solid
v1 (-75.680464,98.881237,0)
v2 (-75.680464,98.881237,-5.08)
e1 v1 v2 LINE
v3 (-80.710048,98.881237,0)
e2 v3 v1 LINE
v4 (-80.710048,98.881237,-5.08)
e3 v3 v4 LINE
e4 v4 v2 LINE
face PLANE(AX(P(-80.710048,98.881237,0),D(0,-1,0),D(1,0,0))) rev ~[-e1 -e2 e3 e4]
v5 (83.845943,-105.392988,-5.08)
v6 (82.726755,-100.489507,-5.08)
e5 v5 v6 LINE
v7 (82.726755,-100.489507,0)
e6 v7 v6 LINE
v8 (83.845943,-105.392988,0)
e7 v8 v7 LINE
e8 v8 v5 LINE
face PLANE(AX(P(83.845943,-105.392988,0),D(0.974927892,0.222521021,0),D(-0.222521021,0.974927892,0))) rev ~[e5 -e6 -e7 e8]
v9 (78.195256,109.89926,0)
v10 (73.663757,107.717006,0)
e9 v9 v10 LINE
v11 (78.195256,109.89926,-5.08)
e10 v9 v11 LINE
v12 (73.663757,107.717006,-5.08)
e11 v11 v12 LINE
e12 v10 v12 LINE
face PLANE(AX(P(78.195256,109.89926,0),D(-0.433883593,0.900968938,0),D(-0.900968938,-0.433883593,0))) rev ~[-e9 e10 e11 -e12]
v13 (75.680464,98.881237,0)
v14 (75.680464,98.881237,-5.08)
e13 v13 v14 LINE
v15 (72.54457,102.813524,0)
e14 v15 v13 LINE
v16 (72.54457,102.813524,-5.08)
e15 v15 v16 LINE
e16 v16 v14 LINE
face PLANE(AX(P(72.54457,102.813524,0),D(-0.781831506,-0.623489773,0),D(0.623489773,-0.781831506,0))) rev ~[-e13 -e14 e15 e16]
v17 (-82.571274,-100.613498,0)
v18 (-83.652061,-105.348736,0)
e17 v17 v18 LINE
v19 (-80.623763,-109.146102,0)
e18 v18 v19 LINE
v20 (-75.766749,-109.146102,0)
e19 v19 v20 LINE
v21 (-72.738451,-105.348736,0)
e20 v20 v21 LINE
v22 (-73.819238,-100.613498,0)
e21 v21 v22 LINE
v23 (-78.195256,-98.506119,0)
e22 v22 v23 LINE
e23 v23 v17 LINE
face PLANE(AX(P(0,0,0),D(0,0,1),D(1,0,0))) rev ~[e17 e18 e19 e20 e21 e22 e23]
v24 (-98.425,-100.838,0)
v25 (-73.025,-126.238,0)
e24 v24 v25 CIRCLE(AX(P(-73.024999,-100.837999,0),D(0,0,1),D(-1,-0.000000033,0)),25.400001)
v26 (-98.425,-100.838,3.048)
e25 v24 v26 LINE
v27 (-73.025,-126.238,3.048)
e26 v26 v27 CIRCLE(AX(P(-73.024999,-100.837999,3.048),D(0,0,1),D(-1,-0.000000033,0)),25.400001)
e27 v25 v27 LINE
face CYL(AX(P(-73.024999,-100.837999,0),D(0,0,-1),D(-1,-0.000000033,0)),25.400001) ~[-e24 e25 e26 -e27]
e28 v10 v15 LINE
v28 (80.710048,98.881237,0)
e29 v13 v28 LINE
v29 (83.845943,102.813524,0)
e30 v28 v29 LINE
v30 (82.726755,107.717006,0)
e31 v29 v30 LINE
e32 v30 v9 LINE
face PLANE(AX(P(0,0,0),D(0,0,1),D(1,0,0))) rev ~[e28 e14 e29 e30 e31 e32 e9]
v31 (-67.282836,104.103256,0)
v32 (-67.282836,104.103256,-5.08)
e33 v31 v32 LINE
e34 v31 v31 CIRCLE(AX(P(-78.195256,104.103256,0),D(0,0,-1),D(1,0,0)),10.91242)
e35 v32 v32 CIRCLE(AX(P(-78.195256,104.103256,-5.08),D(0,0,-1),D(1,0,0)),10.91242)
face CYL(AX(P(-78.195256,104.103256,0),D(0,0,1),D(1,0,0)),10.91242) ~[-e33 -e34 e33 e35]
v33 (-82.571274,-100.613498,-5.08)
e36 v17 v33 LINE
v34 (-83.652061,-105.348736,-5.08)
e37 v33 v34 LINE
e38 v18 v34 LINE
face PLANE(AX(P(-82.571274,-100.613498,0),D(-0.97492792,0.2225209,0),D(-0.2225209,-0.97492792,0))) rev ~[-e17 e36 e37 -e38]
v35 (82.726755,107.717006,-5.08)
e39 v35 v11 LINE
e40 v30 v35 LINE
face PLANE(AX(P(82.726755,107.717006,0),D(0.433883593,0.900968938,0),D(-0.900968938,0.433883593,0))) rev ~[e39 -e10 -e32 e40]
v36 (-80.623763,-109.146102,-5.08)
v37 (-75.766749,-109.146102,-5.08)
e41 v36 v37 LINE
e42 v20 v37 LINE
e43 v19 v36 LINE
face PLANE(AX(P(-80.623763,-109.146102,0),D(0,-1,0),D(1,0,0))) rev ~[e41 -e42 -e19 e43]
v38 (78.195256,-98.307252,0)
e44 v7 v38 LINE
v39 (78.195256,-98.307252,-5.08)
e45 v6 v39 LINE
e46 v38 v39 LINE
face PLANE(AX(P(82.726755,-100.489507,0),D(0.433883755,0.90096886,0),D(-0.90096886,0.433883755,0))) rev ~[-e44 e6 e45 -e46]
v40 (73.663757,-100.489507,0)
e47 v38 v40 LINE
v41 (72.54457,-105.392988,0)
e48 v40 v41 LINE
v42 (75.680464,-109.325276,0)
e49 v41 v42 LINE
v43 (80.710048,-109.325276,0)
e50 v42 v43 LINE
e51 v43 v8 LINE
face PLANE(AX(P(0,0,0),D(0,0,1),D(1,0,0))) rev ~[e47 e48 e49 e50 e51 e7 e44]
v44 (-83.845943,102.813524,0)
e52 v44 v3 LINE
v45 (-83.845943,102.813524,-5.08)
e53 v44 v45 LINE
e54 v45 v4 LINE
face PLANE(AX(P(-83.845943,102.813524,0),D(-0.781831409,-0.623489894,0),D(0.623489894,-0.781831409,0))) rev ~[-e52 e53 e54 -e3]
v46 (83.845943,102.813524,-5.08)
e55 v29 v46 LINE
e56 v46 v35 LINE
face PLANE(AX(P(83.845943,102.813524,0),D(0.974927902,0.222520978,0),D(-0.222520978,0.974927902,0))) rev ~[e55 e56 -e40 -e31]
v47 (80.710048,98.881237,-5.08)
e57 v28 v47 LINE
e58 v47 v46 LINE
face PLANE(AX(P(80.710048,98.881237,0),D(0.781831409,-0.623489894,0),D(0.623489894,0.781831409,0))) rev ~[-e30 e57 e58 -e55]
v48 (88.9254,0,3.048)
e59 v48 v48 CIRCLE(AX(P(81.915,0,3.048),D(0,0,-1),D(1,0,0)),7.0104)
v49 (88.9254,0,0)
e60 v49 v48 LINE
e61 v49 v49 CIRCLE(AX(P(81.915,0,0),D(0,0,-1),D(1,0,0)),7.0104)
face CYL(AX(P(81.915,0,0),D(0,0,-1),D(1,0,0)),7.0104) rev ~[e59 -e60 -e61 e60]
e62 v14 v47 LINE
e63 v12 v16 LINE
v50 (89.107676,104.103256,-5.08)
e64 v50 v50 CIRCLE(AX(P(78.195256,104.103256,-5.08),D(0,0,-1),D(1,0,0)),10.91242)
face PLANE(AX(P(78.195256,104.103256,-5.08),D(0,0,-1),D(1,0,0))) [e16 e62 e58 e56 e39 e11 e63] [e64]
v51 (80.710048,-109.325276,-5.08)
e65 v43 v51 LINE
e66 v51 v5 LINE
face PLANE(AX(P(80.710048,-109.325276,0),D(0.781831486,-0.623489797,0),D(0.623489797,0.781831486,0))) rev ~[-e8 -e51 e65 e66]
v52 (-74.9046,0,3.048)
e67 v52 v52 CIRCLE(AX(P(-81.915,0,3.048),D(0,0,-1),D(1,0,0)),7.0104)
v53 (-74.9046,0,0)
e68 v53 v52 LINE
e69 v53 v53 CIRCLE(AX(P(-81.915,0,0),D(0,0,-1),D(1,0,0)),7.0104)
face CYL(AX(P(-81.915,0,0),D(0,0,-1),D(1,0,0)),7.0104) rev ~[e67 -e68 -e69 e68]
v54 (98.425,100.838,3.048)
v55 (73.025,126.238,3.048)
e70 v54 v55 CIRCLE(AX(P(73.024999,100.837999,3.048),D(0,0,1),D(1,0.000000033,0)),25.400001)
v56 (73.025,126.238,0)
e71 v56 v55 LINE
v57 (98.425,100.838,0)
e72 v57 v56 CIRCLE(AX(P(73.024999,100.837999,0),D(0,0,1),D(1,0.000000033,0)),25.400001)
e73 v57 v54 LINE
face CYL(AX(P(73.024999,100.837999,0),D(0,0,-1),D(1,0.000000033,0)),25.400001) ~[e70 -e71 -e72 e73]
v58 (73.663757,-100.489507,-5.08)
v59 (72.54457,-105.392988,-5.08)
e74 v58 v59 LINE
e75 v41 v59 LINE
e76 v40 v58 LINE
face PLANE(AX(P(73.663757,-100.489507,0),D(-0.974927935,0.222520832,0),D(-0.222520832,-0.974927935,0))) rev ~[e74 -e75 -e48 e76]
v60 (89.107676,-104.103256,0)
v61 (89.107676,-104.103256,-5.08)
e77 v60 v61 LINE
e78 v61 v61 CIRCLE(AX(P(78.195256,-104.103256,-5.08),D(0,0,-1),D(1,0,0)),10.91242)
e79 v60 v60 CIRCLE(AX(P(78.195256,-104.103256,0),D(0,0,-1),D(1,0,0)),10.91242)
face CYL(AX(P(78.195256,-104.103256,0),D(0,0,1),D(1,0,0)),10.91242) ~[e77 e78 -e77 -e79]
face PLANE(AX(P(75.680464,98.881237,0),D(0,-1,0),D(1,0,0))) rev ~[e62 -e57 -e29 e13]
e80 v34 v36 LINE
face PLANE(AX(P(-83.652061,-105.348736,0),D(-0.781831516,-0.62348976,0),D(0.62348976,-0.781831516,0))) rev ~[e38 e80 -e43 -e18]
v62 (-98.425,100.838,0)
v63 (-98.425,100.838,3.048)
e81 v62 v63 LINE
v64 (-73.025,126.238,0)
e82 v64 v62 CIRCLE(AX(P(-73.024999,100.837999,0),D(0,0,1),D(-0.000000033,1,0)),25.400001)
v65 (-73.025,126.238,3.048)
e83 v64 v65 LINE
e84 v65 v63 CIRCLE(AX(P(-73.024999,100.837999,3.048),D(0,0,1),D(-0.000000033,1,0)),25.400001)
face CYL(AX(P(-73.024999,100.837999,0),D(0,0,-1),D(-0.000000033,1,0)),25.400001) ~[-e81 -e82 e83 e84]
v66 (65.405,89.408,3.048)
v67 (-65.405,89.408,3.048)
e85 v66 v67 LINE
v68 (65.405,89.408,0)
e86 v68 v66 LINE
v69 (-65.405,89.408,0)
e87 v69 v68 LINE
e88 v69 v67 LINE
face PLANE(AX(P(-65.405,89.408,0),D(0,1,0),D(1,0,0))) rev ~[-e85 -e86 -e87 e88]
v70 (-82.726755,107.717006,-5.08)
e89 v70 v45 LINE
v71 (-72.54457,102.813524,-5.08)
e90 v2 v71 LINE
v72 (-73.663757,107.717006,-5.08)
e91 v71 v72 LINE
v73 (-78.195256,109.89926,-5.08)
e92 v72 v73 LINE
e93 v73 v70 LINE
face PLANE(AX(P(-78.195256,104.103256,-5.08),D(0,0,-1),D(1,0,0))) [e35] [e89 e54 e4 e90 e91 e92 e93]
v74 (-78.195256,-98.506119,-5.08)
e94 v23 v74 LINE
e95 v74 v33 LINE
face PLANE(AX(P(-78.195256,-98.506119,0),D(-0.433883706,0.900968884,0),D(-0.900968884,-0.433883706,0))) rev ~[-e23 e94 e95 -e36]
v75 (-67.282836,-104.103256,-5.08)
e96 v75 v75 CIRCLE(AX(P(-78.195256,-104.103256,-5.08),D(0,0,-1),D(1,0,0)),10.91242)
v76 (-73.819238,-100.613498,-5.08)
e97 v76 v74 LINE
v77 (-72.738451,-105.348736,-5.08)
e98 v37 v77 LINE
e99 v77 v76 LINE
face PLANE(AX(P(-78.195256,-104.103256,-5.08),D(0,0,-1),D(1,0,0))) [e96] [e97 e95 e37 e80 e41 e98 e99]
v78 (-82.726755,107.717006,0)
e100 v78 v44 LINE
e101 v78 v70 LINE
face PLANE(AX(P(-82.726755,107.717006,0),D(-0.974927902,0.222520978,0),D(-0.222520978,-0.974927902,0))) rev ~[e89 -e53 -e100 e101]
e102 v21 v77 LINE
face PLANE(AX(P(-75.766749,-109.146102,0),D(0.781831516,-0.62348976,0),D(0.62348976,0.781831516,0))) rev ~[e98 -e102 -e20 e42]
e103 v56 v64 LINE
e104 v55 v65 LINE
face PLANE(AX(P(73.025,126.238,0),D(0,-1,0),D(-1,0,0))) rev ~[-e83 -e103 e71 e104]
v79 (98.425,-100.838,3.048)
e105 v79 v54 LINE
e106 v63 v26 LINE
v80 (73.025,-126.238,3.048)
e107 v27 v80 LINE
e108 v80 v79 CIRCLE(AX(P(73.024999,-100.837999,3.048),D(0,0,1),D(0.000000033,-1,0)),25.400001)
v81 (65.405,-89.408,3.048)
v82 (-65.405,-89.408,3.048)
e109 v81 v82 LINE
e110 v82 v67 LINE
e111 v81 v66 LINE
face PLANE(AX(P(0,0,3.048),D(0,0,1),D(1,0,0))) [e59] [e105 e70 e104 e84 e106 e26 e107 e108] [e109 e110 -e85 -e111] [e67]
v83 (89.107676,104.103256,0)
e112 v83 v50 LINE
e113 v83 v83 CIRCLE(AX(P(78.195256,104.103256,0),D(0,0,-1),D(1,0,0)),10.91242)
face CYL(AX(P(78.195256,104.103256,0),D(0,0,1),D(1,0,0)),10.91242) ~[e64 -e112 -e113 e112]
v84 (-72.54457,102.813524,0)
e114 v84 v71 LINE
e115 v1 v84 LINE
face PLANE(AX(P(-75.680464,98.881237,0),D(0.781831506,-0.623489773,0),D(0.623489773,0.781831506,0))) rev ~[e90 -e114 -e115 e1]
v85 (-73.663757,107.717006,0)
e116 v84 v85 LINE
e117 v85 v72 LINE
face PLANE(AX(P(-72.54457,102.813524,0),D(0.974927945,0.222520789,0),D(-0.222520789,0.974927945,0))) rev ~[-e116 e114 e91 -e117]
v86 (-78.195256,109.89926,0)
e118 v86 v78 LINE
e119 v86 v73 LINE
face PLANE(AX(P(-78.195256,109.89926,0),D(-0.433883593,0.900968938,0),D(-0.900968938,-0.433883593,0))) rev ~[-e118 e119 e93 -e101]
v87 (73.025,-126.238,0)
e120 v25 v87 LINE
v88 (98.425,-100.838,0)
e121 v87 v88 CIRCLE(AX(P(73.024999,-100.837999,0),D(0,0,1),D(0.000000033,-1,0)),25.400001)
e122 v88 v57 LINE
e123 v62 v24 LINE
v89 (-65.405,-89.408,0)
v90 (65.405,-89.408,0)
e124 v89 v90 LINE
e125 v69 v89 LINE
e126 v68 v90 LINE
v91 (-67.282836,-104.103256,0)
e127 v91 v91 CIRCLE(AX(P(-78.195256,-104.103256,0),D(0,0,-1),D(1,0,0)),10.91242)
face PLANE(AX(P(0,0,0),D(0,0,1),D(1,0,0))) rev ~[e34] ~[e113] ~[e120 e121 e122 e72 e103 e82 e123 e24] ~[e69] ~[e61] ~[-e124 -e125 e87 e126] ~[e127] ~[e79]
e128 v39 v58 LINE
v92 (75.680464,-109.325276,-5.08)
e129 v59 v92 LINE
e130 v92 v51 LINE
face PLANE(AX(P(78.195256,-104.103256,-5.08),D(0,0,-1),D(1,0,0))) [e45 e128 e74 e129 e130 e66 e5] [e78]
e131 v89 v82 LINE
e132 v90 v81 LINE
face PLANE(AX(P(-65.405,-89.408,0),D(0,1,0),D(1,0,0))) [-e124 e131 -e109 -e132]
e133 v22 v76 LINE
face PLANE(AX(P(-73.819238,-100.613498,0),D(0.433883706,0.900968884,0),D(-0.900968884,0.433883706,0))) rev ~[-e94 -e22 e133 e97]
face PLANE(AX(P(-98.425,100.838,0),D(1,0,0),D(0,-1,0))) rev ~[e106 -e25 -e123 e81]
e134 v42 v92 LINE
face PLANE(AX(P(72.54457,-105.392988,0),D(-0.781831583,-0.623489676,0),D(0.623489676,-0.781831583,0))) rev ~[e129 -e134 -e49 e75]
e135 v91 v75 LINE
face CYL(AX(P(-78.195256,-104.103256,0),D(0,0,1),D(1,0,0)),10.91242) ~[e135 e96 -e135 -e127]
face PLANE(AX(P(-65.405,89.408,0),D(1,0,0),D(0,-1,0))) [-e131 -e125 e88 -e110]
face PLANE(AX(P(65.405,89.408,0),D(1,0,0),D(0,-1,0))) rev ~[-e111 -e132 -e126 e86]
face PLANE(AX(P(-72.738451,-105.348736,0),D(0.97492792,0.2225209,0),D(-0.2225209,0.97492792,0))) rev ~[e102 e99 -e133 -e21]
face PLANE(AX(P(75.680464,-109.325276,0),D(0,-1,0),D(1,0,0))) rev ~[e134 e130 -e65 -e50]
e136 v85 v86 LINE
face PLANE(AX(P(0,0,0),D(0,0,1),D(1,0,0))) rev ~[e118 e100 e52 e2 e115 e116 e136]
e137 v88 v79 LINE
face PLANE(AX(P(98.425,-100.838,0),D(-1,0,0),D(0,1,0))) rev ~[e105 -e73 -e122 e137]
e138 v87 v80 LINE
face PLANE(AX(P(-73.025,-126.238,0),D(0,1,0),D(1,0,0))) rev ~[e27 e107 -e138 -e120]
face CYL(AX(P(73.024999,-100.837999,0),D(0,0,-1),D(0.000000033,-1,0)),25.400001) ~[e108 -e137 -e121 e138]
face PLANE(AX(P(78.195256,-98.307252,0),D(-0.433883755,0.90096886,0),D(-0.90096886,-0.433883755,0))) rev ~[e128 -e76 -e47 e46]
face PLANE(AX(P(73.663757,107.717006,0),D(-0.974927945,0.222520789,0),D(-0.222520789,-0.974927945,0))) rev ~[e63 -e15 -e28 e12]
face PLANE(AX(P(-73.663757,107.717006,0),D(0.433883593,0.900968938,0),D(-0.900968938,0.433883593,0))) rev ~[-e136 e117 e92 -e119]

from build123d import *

# Parameters (mm, degrees)
F1_DEPTH = 3.048
F2_W     = 130.81
F2_H     = 178.816
F3_DEPTH = 25.4
F4_R     = 7.0104
F5_DEPTH = 25.4
F6_R     = 10.91242
F7_DEPTH = 5.08


with BuildPart() as f1:
    # F0 (on Top) → F1 (new body)
    with BuildSketch(Plane.XY):
        with BuildLine():
            ThreePointArc((-98.425, -100.838), (-90.985512, -118.798512), (-73.025, -126.238))
            Line((-73.025, -126.238), (73.025, -126.238))
            ThreePointArc((73.025, -126.238), (90.985512, -118.798512), (98.425, -100.838))
            Line((98.425, -100.838), (98.425, 100.838))
            ThreePointArc((98.425, 100.838), (90.985512, 118.798512), (73.025, 126.238))
            Line((73.025, 126.238), (-73.025, 126.238))
            ThreePointArc((-73.025, 126.238), (-90.985512, 118.798512), (-98.425, 100.838))
            Line((-98.425, 100.838), (-98.425, -100.838))
        make_face()
    extrude(amount=F1_DEPTH)

    # F2 (on face) → F3 (cut)
    with BuildSketch(Plane(origin=(0, 0, 0), x_dir=(1, 0, 0), z_dir=(0, 0, -1))):
        Rectangle(F2_W, F2_H)
    extrude(amount=-F3_DEPTH, mode=Mode.SUBTRACT)

    # F4 (on face) → F5 (cut)
    with BuildSketch(Plane(origin=(0, 0, 0), x_dir=(1, 0, 0), z_dir=(0, 0, -1))):
        with Locations((-81.915, 0)):
            Circle(F4_R)
        with Locations((81.915, 0)):
            Circle(F4_R)
    extrude(amount=-F5_DEPTH, mode=Mode.SUBTRACT)

    # F6 (on face) → F7 (join)
    with BuildSketch(Plane(origin=(0, 0, 0), x_dir=(1, 0, 0), z_dir=(0, 0, -1))):
        with Locations((78.195256, 104.103256)):
            Circle(F6_R)
        Polygon((72.54457, 105.392988), (75.680464, 109.325276), (80.710048, 109.325276), (83.845943, 105.392988), (82.726755, 100.489507), (78.195256, 98.307252), (73.663757, 100.489507), align=None, mode=Mode.SUBTRACT)
        with Locations((-78.195256, 104.103256)):
            Circle(F6_R)
        Polygon((-83.652061, 105.348736), (-80.623763, 109.146102), (-75.766749, 109.146102), (-72.738451, 105.348736), (-73.819238, 100.613498), (-78.195256, 98.506119), (-82.571274, 100.613498), align=None, mode=Mode.SUBTRACT)
        with Locations((-78.195256, -104.103256)):
            Circle(F6_R)
        Polygon((-83.845943, -102.813524), (-80.710048, -98.881237), (-75.680464, -98.881237), (-72.54457, -102.813524), (-73.663757, -107.717006), (-78.195256, -109.89926), (-82.726755, -107.717006), align=None, mode=Mode.SUBTRACT)
        with Locations((78.195256, -104.103256)):
            Circle(F6_R)
        Polygon((72.54457, -102.813524), (75.680464, -98.881237), (80.710048, -98.881237), (83.845943, -102.813524), (82.726755, -107.717006), (78.195256, -109.89926), (73.663757, -107.717006), align=None, mode=Mode.SUBTRACT)
    extrude(amount=F7_DEPTH)


solid = f1.part
